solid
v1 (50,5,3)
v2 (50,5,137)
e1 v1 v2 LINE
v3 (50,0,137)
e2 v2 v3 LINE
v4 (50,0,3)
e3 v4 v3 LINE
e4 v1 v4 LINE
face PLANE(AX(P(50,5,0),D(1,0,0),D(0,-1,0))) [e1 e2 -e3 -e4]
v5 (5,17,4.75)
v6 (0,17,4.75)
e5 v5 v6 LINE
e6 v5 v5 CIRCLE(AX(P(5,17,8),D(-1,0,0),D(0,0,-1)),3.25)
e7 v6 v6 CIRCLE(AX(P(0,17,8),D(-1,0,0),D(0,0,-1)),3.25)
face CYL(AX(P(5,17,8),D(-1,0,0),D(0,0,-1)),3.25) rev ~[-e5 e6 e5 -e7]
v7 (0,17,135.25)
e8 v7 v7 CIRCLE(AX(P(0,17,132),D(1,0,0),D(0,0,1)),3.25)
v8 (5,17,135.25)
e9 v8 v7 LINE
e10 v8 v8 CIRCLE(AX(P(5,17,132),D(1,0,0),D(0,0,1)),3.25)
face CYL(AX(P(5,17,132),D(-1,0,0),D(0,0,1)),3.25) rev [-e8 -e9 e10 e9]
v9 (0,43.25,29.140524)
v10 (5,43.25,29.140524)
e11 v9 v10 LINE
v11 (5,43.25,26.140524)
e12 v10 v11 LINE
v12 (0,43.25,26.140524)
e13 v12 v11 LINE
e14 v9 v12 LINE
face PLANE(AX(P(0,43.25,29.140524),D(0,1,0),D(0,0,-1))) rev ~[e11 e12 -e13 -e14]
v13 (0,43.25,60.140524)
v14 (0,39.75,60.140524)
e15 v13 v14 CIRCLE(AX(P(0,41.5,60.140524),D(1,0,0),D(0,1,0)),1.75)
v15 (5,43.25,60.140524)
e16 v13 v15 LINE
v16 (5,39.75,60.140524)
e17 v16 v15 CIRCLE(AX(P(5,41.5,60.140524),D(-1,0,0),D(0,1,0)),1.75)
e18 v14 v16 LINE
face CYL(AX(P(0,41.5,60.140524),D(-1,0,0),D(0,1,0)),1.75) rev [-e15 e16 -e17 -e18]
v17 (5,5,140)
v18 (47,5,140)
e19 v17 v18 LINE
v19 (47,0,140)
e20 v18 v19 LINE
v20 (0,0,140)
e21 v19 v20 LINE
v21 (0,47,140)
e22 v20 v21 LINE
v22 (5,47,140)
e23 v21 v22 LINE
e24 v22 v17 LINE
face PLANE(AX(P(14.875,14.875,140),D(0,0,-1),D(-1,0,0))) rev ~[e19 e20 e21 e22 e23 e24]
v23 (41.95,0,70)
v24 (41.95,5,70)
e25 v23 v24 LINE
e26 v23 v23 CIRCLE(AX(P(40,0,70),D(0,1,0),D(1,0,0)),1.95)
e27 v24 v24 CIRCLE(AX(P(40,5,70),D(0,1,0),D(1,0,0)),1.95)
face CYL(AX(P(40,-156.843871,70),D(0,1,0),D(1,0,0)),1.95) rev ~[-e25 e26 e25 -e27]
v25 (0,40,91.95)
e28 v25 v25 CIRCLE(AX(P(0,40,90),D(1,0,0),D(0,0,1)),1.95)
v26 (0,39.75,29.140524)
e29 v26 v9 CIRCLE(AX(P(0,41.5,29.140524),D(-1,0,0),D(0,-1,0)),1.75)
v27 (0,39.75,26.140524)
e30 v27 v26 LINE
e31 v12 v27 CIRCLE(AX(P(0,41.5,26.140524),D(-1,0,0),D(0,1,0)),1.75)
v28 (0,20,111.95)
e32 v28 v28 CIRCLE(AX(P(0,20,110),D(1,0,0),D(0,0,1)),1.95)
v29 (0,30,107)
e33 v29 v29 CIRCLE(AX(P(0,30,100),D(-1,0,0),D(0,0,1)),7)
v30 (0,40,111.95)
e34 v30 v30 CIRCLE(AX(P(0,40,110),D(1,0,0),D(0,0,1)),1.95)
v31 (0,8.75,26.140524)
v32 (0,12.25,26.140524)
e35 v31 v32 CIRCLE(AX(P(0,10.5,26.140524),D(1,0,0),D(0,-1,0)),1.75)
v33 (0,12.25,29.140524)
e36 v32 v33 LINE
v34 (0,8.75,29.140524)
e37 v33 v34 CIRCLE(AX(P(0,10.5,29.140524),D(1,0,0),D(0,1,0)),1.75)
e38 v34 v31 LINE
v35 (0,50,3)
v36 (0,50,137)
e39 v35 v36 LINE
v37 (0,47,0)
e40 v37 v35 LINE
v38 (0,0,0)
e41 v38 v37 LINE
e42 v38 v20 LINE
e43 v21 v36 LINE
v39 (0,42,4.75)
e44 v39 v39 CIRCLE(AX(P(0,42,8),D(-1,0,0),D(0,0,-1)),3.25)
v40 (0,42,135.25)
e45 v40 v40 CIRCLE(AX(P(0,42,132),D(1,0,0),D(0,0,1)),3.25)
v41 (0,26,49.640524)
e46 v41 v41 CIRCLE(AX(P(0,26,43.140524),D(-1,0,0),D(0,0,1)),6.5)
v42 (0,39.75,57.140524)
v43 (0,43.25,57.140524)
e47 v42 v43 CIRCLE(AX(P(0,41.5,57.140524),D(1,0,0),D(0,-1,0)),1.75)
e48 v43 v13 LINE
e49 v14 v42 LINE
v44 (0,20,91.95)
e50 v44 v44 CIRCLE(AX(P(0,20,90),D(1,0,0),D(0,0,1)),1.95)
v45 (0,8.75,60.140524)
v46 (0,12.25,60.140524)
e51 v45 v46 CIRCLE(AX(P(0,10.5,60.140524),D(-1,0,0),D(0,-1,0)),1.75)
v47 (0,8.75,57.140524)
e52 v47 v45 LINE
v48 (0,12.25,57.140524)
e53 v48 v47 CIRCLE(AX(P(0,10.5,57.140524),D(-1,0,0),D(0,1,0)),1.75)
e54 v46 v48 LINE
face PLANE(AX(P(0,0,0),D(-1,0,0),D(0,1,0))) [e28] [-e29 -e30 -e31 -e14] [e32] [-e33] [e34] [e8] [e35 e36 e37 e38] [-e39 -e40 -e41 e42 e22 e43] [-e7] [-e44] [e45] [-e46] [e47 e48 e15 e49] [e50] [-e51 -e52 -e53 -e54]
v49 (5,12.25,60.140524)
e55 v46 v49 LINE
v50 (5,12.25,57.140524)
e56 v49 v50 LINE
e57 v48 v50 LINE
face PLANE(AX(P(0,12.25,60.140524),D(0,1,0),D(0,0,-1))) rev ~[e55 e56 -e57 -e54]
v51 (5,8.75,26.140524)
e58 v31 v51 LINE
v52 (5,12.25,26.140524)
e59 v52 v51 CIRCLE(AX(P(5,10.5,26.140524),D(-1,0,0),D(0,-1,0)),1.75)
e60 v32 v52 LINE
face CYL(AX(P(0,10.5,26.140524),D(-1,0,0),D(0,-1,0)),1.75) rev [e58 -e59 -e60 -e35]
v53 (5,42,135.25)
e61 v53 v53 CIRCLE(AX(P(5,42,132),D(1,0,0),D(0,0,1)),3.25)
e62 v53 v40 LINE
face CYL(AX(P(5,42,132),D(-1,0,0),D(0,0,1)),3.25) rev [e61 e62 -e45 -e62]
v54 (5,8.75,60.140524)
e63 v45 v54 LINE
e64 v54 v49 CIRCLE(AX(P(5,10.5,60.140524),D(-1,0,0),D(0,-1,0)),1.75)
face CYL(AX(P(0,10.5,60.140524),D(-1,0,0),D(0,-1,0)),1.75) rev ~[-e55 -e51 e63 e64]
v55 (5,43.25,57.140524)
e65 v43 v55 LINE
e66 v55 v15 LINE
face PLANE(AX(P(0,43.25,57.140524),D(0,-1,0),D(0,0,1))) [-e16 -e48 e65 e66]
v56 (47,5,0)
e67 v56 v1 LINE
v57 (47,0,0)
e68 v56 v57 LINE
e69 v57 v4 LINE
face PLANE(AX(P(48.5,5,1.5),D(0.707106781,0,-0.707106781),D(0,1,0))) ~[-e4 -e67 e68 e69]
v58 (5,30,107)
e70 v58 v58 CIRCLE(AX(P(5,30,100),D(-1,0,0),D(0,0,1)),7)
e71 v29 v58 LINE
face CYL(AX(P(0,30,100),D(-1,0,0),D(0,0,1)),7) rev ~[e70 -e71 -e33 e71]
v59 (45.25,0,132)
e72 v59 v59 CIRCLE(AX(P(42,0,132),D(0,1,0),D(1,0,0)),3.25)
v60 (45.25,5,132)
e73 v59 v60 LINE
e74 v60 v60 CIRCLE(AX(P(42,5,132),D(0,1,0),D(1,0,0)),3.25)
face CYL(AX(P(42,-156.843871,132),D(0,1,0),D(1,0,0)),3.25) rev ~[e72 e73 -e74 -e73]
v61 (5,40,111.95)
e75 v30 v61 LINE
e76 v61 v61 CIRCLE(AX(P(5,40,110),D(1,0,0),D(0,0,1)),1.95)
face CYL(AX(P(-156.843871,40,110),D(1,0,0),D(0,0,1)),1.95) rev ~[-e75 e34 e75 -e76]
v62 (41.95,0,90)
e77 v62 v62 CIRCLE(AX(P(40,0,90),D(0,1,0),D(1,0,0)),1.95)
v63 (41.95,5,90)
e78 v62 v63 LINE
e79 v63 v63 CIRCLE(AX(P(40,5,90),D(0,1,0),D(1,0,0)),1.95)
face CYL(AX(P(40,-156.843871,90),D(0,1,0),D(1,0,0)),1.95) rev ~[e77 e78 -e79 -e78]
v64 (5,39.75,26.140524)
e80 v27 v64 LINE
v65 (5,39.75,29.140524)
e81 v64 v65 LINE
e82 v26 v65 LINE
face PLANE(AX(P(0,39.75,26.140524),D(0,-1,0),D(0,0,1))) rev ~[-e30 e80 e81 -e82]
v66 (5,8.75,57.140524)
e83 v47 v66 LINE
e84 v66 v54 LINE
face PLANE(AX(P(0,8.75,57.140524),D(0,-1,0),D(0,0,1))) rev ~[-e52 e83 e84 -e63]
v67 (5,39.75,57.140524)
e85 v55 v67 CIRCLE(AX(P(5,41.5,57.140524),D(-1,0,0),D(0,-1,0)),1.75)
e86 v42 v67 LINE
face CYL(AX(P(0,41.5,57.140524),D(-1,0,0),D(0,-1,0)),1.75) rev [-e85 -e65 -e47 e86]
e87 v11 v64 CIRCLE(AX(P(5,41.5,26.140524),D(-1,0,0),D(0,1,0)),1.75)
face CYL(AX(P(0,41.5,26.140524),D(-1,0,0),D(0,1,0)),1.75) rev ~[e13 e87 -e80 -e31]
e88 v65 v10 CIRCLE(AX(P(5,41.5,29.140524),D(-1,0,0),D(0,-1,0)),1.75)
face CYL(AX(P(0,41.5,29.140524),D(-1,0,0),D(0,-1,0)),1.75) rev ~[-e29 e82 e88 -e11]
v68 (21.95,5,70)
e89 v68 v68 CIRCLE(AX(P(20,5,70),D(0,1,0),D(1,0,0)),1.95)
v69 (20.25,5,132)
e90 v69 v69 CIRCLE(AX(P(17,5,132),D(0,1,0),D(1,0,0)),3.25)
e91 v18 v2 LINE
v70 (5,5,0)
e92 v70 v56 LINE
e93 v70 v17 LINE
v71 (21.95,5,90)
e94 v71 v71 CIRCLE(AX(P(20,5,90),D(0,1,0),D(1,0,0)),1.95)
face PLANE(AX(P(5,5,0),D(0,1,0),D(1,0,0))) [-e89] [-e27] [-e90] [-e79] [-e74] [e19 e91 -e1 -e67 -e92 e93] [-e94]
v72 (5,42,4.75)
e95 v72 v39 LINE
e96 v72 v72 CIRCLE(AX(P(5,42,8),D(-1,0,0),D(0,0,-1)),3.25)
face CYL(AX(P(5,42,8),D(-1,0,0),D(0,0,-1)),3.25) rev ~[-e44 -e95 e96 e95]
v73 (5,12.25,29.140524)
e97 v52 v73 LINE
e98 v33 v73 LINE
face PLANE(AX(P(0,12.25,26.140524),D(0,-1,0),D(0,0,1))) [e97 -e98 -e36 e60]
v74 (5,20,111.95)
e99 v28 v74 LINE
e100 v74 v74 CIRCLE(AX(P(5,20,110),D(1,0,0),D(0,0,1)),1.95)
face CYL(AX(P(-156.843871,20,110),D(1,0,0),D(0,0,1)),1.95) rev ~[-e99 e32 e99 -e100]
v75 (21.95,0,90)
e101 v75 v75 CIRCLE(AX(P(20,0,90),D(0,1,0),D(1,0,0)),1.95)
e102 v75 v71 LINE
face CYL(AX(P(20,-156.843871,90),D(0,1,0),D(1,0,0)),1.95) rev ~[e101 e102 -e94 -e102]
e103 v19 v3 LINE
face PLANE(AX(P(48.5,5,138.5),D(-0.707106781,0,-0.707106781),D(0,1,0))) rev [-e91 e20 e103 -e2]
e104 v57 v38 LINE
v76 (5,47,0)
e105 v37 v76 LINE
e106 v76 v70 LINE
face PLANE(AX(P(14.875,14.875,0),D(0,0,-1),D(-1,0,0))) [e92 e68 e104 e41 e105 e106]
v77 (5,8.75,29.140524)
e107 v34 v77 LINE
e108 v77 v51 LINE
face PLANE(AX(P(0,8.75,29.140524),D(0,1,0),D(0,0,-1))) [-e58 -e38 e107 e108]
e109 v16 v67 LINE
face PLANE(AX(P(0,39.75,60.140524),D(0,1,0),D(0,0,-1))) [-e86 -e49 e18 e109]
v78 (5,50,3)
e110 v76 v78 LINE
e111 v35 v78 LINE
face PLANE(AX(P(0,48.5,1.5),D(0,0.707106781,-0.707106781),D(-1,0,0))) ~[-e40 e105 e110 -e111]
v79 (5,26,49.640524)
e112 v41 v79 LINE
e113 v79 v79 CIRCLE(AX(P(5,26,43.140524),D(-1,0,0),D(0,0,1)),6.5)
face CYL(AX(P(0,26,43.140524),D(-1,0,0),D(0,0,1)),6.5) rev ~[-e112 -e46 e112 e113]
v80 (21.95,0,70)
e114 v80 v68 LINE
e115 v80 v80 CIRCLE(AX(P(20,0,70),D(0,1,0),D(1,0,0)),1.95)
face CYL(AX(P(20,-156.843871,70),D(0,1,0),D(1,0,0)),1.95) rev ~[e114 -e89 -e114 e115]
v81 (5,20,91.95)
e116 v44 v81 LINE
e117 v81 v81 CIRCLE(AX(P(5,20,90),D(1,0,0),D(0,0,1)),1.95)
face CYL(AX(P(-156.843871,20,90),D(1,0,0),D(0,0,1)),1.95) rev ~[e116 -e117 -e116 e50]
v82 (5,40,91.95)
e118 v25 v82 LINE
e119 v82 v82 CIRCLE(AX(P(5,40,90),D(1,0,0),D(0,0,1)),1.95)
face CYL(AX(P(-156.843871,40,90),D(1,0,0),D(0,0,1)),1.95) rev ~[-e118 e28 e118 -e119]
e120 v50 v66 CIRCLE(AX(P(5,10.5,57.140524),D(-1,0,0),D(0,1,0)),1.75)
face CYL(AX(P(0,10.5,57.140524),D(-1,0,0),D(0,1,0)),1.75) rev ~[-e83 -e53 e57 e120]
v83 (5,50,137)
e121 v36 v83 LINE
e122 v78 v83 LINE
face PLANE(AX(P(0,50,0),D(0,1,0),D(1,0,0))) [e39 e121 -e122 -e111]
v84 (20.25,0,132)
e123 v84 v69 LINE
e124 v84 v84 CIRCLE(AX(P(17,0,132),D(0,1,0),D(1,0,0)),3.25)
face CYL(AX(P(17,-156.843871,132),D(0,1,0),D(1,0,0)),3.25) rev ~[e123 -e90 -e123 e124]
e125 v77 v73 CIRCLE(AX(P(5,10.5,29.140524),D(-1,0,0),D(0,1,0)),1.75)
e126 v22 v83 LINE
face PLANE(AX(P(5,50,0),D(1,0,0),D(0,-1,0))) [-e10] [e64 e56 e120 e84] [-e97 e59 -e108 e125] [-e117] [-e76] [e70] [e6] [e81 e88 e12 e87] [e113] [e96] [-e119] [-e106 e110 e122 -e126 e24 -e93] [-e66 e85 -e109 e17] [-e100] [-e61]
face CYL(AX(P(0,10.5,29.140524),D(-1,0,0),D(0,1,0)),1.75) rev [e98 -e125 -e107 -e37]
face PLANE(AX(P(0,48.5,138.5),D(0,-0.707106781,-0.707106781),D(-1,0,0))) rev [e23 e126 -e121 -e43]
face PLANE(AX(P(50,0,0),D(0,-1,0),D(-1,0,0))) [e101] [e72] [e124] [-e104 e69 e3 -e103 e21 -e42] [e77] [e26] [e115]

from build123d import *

# Parameters (mm, degrees)
ESTRUSIONE_ESTRUSIONE1_DEPTH = 140
FORO_6_5_6_5_1_D             = 6.5
FORO_6_5_6_5_2_AT_2_COUNT    = 2
FORO_6_5_6_5_2_AT_2_PITCH    = 25
TAGLIO_ESTRUSIONE2_REACH     = 52
SCHIZZO9_R                   = 7
TAGLIO_ESTRUSIONE4_REACH     = 52
SCHIZZO11_R                  = 6.5
SMUSSO1_SIZE                 = 3
M3_5_CLEARANCE_HOLE1_D       = 3.9
M3_5_CLEARANCE_HOLE2_D       = 3.9


with BuildPart() as part:
    # Schizzo1 → Estrusione-Estrusione1 (new body)
    with BuildSketch(Plane.XY):
        Polygon((0, 0), (0, 50), (5, 50), (5, 5), (50, 5), (50, 0), align=None)
    extrude(amount=ESTRUSIONE_ESTRUSIONE1_DEPTH)

    # Foro Ø6.5 (6.5)-1 (through all)
    with Locations(Plane(origin=(0, 0, 0), x_dir=(-1, 0, 0), z_dir=(0, -1, 0))):
        with Locations((-17, -132), (-42, -132)):
            Hole(FORO_6_5_6_5_1_D / 2)

    # Schizzo6 → Foro Ø6.5 (6.5)-2 (revolve, cut)
    with BuildSketch(Plane(origin=(0, 42, 132), x_dir=(0, 0, 1), z_dir=(0, 1, 0))):
        Polygon((0, 0), (0, 6.952797012), (3.25, 5), (3.25, 0), align=None)
    foro_6_5_6_5_2 = revolve(axis=Axis((-6.35, 42, 132), (1, 0, 0)), mode=Mode.SUBTRACT)

    # Foro Ø6.5 (6.5)-2 at 2: Foro Ø6.5 (6.5)-2 ×2
    with Locations(*[(0, -i * FORO_6_5_6_5_2_AT_2_PITCH, 0) for i in range(1, FORO_6_5_6_5_2_AT_2_COUNT)]):
        add(foro_6_5_6_5_2, mode=Mode.SUBTRACT)

    # Specchia1: Foro Ø6.5 (6.5)-2 across plane
    add(foro_6_5_6_5_2.mirror(Plane.XY.offset(70)), mode=Mode.SUBTRACT)

    # Specchia1 copy 1 sketch → Specchia1 copy 1 (revolve, cut)
    with BuildSketch(Plane(origin=(0, 17, 8), x_dir=(0, 0, -1), z_dir=(0, 1, 0))):
        Polygon((0, 0), (0, -6.952797012), (3.25, -5), (3.25, 0), align=None)
    revolve(axis=Axis((-6.35, 17, 8), (-1, 0, 0)), mode=Mode.SUBTRACT)

    # Schizzo9 → Taglio-Estrusione2 (cut, up to next)
    with BuildSketch(Plane.ZY, mode=Mode.PRIVATE) as taglio_estrusione2_sk1:
        with Locations((100, 30)):
            Circle(SCHIZZO9_R)
    taglio_estrusione2_tool1 = extrude(taglio_estrusione2_sk1.sketch, amount=-TAGLIO_ESTRUSIONE2_REACH, mode=Mode.PRIVATE) & part.part
    add(taglio_estrusione2_tool1.solids().sort_by_distance((0, 30, 100))[0], mode=Mode.SUBTRACT)

    # Schizzo11 → Taglio-Estrusione4 (cut, up to next)
    with BuildSketch(Plane.ZY, mode=Mode.PRIVATE) as taglio_estrusione4_sk1:
        with Locations((43.140524097, 26)):
            Circle(SCHIZZO11_R)
    taglio_estrusione4_tool1 = extrude(taglio_estrusione4_sk1.sketch, amount=-TAGLIO_ESTRUSIONE4_REACH, mode=Mode.PRIVATE) & part.part
    add(taglio_estrusione4_tool1.solids().sort_by_distance((0, 26, 43.140524))[0], mode=Mode.SUBTRACT)
    # Schizzo11 → Taglio-Estrusione4 (cut, up to next)
    with BuildSketch(Plane.ZY, mode=Mode.PRIVATE) as taglio_estrusione4_sk2:
        with BuildLine():
            Line((60.140524097, 39.75), (57.140524097, 39.75))
            ThreePointArc((57.140524097, 39.75), (55.390524097, 41.5), (57.140524097, 43.25))
            Line((57.140524097, 43.25), (60.140524097, 43.25))
            ThreePointArc((60.140524097, 43.25), (61.890524097, 41.5), (60.140524097, 39.75))
        make_face()
    taglio_estrusione4_tool2 = extrude(taglio_estrusione4_sk2.sketch, amount=-TAGLIO_ESTRUSIONE4_REACH, mode=Mode.PRIVATE) & part.part
    add(taglio_estrusione4_tool2.solids().sort_by_distance((0, 41.5, 58.640524))[0], mode=Mode.SUBTRACT)
    # Schizzo11 → Taglio-Estrusione4 (cut, up to next)
    with BuildSketch(Plane.ZY, mode=Mode.PRIVATE) as taglio_estrusione4_sk3:
        with BuildLine():
            Line((60.140524097, 12.25), (57.140524097, 12.25))
            ThreePointArc((57.140524097, 12.25), (55.390524097, 10.5), (57.140524097, 8.75))
            Line((57.140524097, 8.75), (60.140524097, 8.75))
            ThreePointArc((60.140524097, 8.75), (61.890524097, 10.5), (60.140524097, 12.25))
        make_face()
    taglio_estrusione4_tool3 = extrude(taglio_estrusione4_sk3.sketch, amount=-TAGLIO_ESTRUSIONE4_REACH, mode=Mode.PRIVATE) & part.part
    add(taglio_estrusione4_tool3.solids().sort_by_distance((0, 10.5, 58.640524))[0], mode=Mode.SUBTRACT)
    # Schizzo11 → Taglio-Estrusione4 (cut, up to next)
    with BuildSketch(Plane.ZY, mode=Mode.PRIVATE) as taglio_estrusione4_sk4:
        with BuildLine():
            Line((26.140524097, 12.25), (29.140524097, 12.25))
            ThreePointArc((29.140524097, 12.25), (30.890524097, 10.5), (29.140524097, 8.75))
            Line((29.140524097, 8.75), (26.140524097, 8.75))
            ThreePointArc((26.140524097, 8.75), (24.390524097, 10.5), (26.140524097, 12.25))
        make_face()
    taglio_estrusione4_tool4 = extrude(taglio_estrusione4_sk4.sketch, amount=-TAGLIO_ESTRUSIONE4_REACH, mode=Mode.PRIVATE) & part.part
    add(taglio_estrusione4_tool4.solids().sort_by_distance((0, 10.5, 27.640524))[0], mode=Mode.SUBTRACT)
    # Schizzo11 → Taglio-Estrusione4 (cut, up to next)
    with BuildSketch(Plane.ZY, mode=Mode.PRIVATE) as taglio_estrusione4_sk5:
        with BuildLine():
            Line((26.140524097, 39.75), (29.140524097, 39.75))
            ThreePointArc((29.140524097, 39.75), (30.890524097, 41.5), (29.140524097, 43.25))
            Line((29.140524097, 43.25), (26.140524097, 43.25))
            ThreePointArc((26.140524097, 43.25), (24.390524097, 41.5), (26.140524097, 39.75))
        make_face()
    taglio_estrusione4_tool5 = extrude(taglio_estrusione4_sk5.sketch, amount=-TAGLIO_ESTRUSIONE4_REACH, mode=Mode.PRIVATE) & part.part
    add(taglio_estrusione4_tool5.solids().sort_by_distance((0, 41.5, 27.640524))[0], mode=Mode.SUBTRACT)

    # Smusso1
    smusso1_edges = [part.edges().sort_by_distance(p)[0] for p in [
        (2.5, 50, 140),
        (2.5, 50, 0),
        (50, 2.5, 140),
        (50, 2.5, 0),
    ]]
    chamfer(smusso1_edges, length=SMUSSO1_SIZE)

    # M3.5 Clearance Hole1 (through all)
    with Locations(Plane(origin=(0, 40, 90), x_dir=(0, 0, -1), z_dir=(-1, 0, 0))):
        with Locations((0, 0), (-20, 0), (-20, 20), (0, 20)):
            Hole(M3_5_CLEARANCE_HOLE1_D / 2)

    # M3.5 Clearance Hole2 (through all)
    with Locations(Plane(origin=(20, 0, 90), x_dir=(-1, 0, 0), z_dir=(0, -1, 0))):
        with Locations((0, 0), (-20, 0), (-20, 20), (0, 20)):
            Hole(M3_5_CLEARANCE_HOLE2_D / 2)


solid = part.part
